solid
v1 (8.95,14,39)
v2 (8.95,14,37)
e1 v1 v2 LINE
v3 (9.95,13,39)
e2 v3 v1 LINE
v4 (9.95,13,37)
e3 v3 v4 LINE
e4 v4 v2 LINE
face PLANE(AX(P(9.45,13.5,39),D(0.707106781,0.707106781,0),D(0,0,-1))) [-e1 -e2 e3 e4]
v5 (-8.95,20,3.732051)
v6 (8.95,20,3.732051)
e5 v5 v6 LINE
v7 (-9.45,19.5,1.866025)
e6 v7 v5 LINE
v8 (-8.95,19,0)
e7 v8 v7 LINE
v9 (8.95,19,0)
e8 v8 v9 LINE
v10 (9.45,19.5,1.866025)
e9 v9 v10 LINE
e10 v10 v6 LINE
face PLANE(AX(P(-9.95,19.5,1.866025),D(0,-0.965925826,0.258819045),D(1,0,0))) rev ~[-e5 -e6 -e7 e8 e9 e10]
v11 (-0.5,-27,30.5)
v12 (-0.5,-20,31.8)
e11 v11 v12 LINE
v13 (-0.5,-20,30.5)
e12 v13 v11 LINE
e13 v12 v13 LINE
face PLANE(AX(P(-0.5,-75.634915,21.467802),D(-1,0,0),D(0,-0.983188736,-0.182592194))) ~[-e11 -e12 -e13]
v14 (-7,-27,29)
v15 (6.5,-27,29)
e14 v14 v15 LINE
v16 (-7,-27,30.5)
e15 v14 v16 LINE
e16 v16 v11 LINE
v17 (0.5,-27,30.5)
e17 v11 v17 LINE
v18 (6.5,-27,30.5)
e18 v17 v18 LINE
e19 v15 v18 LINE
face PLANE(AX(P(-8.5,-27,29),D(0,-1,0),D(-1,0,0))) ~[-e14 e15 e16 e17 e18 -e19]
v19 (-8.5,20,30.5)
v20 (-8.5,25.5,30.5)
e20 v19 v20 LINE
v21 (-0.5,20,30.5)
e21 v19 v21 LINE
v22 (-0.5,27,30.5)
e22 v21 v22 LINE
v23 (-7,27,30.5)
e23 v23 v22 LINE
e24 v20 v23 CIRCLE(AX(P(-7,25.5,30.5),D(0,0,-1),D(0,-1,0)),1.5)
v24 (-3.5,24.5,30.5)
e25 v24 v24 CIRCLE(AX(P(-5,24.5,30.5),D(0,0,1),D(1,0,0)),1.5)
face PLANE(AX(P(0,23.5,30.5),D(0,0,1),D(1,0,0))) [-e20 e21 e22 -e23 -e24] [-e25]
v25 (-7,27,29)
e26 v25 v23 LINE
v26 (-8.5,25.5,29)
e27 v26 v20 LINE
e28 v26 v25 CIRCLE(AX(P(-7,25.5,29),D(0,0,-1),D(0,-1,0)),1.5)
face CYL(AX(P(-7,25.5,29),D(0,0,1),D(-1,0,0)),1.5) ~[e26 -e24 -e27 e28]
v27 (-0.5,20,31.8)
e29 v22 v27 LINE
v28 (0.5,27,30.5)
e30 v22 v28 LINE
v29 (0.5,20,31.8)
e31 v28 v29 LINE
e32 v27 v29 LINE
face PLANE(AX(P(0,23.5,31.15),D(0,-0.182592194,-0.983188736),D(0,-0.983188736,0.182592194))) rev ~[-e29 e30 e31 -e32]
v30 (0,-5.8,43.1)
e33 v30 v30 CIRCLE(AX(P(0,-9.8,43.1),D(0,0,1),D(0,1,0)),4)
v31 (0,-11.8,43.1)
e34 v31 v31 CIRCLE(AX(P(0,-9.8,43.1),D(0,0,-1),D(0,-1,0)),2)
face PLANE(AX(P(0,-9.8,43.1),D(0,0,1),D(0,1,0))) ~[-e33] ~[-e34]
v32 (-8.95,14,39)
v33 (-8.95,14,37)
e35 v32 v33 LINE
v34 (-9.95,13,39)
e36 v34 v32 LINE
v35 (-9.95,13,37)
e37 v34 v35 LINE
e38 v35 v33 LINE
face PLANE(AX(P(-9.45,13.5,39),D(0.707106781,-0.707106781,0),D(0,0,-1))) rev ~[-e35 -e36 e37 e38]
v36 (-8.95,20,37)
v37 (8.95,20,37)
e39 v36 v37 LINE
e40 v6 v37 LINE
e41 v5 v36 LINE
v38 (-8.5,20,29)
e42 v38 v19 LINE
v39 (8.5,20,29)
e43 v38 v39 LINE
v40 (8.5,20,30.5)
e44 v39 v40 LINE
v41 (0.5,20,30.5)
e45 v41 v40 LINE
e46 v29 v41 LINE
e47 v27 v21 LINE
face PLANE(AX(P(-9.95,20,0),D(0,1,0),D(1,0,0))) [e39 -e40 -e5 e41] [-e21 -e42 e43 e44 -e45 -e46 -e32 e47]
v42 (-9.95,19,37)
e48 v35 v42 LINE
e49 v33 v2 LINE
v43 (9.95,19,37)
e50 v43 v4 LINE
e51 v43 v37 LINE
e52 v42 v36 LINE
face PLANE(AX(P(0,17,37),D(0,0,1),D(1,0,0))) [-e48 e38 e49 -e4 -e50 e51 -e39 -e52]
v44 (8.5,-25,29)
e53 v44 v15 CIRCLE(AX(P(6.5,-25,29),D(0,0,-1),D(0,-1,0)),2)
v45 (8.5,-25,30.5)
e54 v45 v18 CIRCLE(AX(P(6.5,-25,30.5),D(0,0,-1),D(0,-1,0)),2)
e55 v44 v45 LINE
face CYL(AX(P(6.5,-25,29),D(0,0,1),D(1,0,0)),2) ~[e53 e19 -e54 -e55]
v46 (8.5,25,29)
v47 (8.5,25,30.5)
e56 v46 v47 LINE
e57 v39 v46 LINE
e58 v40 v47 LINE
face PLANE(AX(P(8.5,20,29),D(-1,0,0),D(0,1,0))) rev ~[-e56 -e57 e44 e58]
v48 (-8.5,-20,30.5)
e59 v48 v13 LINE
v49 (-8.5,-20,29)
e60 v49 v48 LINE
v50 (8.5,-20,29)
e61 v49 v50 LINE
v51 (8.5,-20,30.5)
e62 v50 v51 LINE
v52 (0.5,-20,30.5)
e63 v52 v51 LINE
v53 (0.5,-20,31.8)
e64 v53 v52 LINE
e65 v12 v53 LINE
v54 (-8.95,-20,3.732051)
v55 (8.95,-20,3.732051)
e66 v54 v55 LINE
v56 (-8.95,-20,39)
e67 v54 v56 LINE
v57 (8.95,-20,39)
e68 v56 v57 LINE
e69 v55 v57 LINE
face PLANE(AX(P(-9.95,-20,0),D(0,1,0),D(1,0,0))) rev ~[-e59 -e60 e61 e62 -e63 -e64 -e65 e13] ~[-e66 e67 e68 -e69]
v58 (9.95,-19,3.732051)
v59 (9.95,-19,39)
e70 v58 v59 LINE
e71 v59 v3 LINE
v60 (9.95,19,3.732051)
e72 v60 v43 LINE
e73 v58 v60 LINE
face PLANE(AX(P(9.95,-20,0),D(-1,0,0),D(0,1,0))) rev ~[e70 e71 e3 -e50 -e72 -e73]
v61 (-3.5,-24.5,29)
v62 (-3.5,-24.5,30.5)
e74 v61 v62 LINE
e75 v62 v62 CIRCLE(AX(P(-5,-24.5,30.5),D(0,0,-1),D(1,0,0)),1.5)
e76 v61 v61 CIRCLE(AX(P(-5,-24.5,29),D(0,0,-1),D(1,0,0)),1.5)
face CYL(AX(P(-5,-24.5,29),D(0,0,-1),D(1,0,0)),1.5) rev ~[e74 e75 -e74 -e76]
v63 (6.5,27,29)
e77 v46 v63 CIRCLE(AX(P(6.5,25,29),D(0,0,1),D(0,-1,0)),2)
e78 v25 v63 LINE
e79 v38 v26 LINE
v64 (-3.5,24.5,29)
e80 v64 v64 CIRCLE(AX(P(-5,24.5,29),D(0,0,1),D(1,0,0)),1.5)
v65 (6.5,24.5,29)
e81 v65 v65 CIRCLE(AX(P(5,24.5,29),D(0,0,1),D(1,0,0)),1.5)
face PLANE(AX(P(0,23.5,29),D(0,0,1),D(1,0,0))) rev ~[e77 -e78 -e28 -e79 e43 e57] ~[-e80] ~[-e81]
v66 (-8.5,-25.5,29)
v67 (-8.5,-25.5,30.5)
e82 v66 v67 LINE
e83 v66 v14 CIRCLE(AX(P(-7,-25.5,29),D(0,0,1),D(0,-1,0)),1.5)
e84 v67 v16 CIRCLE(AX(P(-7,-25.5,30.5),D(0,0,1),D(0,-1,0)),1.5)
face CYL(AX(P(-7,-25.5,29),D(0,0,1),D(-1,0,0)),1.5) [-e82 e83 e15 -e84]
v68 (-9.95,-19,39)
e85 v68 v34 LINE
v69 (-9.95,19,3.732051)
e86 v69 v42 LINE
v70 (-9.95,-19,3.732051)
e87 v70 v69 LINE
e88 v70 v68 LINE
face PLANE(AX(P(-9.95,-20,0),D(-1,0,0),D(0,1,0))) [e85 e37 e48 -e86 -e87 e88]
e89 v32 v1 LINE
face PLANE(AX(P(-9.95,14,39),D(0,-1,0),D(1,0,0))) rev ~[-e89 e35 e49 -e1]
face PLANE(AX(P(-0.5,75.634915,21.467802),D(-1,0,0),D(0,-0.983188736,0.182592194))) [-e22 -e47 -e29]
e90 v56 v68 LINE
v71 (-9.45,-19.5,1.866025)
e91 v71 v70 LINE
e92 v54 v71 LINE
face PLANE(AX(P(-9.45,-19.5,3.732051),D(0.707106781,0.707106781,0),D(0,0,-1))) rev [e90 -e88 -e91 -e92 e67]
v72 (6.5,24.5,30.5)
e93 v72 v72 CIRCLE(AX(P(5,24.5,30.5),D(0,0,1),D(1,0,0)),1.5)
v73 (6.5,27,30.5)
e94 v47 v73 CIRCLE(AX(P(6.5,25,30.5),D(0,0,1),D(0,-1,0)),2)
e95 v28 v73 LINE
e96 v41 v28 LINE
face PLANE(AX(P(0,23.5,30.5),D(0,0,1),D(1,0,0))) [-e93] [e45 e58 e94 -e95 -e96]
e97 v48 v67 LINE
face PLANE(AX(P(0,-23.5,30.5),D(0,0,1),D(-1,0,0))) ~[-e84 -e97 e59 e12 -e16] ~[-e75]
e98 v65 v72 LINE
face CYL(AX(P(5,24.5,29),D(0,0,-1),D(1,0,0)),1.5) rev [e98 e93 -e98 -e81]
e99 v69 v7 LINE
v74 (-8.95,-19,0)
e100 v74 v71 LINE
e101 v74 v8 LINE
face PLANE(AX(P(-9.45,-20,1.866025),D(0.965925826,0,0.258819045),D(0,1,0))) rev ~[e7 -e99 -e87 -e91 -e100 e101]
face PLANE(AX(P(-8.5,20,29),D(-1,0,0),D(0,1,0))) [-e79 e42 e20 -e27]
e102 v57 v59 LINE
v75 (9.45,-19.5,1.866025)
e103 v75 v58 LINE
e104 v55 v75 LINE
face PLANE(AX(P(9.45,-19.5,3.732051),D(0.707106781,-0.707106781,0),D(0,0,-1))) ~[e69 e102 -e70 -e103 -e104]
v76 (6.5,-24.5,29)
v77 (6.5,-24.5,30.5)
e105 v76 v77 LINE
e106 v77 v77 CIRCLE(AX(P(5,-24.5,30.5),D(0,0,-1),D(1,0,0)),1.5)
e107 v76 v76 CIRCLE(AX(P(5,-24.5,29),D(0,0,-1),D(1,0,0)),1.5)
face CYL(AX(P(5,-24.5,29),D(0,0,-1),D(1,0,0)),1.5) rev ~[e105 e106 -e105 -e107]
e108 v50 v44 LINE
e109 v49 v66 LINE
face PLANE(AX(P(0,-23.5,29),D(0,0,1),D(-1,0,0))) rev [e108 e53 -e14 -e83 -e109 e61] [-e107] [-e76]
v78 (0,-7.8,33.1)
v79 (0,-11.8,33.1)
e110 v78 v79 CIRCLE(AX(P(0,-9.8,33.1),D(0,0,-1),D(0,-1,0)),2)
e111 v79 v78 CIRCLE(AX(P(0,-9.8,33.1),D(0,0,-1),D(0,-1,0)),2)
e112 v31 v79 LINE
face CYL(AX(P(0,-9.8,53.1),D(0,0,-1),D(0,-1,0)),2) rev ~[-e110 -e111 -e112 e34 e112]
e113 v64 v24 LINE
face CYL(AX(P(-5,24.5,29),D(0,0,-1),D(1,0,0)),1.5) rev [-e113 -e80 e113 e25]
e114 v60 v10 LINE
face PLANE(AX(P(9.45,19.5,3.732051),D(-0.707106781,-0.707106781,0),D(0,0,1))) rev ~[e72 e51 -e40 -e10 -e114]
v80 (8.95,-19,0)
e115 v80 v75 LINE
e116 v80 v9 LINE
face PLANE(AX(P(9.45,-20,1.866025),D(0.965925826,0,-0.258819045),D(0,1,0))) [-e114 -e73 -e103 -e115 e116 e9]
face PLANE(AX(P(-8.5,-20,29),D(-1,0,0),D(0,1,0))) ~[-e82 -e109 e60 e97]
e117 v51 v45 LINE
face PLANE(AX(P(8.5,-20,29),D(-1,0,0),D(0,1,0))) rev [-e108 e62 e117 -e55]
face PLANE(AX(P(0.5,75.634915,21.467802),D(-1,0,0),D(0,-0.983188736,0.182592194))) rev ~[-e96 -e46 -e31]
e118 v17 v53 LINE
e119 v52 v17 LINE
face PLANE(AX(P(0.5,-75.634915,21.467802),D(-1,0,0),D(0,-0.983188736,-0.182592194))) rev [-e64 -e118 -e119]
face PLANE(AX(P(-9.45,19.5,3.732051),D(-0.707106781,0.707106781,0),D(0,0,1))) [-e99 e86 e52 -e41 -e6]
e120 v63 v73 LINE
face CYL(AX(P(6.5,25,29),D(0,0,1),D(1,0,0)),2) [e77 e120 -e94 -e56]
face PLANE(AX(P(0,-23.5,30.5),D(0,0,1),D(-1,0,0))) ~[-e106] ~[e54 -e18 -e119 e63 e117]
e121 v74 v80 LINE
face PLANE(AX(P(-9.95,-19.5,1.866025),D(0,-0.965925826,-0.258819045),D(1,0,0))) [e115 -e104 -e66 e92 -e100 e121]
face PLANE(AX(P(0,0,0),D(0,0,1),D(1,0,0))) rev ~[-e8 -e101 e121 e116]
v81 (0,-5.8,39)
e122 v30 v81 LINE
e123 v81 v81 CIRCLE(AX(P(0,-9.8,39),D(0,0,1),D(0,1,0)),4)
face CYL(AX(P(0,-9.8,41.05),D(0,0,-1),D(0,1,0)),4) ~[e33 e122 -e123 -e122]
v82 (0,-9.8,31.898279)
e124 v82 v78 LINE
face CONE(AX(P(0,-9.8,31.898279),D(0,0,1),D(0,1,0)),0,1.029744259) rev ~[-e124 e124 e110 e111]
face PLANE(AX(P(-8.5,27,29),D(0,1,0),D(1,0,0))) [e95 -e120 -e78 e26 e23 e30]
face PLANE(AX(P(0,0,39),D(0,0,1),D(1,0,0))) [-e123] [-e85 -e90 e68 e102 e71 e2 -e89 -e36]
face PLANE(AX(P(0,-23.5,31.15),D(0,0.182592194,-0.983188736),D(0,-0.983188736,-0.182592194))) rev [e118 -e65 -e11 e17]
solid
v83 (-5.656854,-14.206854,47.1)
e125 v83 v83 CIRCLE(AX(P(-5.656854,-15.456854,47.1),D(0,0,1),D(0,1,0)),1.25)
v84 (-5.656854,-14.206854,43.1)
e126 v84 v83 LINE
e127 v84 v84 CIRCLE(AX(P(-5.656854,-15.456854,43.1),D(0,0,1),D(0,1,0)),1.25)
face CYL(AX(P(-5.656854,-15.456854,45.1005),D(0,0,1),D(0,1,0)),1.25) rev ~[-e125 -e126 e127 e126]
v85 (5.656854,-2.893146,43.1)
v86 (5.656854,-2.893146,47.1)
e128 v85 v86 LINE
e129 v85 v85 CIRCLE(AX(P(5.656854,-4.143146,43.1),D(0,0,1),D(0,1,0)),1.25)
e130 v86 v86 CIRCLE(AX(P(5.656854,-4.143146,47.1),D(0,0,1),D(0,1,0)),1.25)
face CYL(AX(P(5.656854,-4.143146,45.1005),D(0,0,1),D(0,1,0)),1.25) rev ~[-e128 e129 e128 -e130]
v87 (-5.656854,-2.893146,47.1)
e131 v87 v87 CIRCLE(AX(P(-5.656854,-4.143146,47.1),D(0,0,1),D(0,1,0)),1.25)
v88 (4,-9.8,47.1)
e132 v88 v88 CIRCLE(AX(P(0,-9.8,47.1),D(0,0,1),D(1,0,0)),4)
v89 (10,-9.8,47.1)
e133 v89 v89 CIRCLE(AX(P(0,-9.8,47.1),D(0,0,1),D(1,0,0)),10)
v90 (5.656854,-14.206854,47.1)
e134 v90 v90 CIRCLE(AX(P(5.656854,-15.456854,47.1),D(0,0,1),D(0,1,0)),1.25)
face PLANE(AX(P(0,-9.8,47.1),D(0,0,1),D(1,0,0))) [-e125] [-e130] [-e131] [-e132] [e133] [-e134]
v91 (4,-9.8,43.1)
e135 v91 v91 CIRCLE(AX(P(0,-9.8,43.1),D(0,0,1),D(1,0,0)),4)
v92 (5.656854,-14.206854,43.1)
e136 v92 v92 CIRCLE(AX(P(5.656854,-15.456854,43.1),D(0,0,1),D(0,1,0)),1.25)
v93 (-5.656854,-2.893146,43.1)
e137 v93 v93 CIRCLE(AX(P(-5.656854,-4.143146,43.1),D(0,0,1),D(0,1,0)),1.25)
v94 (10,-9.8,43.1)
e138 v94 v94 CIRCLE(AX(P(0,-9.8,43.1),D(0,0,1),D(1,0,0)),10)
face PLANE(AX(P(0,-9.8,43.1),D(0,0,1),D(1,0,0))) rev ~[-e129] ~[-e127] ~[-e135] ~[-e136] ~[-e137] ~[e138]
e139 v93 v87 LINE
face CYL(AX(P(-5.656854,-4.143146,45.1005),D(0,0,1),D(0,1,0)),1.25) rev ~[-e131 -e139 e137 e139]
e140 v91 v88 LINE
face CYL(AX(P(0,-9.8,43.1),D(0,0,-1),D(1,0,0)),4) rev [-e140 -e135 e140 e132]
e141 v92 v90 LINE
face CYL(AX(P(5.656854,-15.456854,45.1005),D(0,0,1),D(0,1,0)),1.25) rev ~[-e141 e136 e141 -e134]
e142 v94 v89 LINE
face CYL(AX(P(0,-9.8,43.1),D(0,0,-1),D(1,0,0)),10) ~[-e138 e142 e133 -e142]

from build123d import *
from OCP.BRepFilletAPI import BRepFilletAPI_MakeFillet

# Parameters (mm, degrees)
SKETCH_1_W                  = 19.9
SKETCH_1_H                  = 40
EXTRUDE_1_DEPTH             = 39
CHAMFER_1_SIZE              = 1
CHAMFER_1_SIZE2             = 3.732050808
SKETCH_2_W                  = 19.9
SKETCH_2_H                  = 6
CUT_EXTRUDE_1_DEPTH         = 2
SKETCH_4_W                  = 17
SKETCH_4_H                  = 7
SKETCH_4_R                  = 1.5
EXTRUDE_2_DEPTH             = 1.5
RIB_1_REACH                 = 50.467
SKETCH_5_WALL_W             = 106.052709114
SKETCH_5_WALL_H             = 1
FILLET_1_R1                 = 2
FILLET_1_R2                 = 1.5
FILLET_1_OF_MIRROR_1_R1     = 2
FILLET_1_OF_MIRROR_1_R2     = 1.5
SKETCH_7_W                  = 4.1
SKETCH_7_H                  = 4
MM_1_D                      = 4
MM_1_DEPTH                  = 10
MM_1_TIP                    = 1.201721238
CHAMFER_2_SIZE              = 1
EXTRUDE_START               = 4
SKETCH_13_R                 = 10
SKETCH_13_R_2               = 4
EXTRUDE_3_DEPTH             = 4
SKETCH_15_W                 = 1.25
SKETCH_15_H                 = 4.001
HOLE_WIZARD_M3_1_AT_2_COUNT = 2
HOLE_WIZARD_M3_1_AT_2_PITCH = 11.313708499
HOLE_WIZARD_M3_1_AT_3_COUNT = 2
HOLE_WIZARD_M3_1_AT_3_PITCH = 16
HOLE_WIZARD_M3_1_AT_4_COUNT = 2
HOLE_WIZARD_M3_1_AT_4_PITCH = 11.313708499


with BuildPart() as part:
    # 草图1 → 凸台-拉伸1 (new body)
    with BuildSketch(Plane.XY):
        Rectangle(SKETCH_1_W, SKETCH_1_H)
    extrude(amount=EXTRUDE_1_DEPTH)

    # 倒角1
    chamfer_1_edges = [part.edges().sort_by_distance(p)[0] for p in [
        (9.95, 0, 0),
        (0, -20, 0),
        (-9.95, 0, 0),
        (0, 20, 0),
    ]]
    chamfer_1_side = [part.faces().sort_by_distance(p)[0] for p in [
        (0, 0, 0),
    ]]
    chamfer(chamfer_1_edges, length=CHAMFER_1_SIZE, length2=CHAMFER_1_SIZE2, reference=chamfer_1_side[0])

    # 草图2 → 切除-拉伸1 (cut)
    with BuildSketch(Plane.XY.offset(39)):
        with Locations((0, 17)):
            Rectangle(SKETCH_2_W, SKETCH_2_H)
    extrude(amount=-CUT_EXTRUDE_1_DEPTH, mode=Mode.SUBTRACT)

    # 草图4 → 凸台-拉伸2 (add)
    with BuildSketch(Plane.XY.offset(29)):
        with Locations((0, 23.5)):
            Rectangle(SKETCH_4_W, SKETCH_4_H)
        with Locations((-5, 24.5)):
            Circle(SKETCH_4_R, mode=Mode.SUBTRACT)
        with Locations((5, 24.5)):
            Circle(SKETCH_4_R, mode=Mode.SUBTRACT)
    extrude_2 = extrude(amount=EXTRUDE_2_DEPTH)

    # 草图5 wall → 筋1 (add, up to next)
    with BuildSketch(Plane(origin=(0, 23.5, 31.15), x_dir=(0, -0.983188736076, 0.182592193843), z_dir=(0, -0.182592193843, -0.983188736076)), mode=Mode.PRIVATE) as rib_1_sk1:
        Rectangle(SKETCH_5_WALL_W, SKETCH_5_WALL_H)
    rib_1_tool1 = extrude(rib_1_sk1.sketch, amount=RIB_1_REACH, mode=Mode.PRIVATE) - part.part
    rib_1 = rib_1_tool1.solids().sort_by_distance((0, 23.5, 31.15))[0]
    add(rib_1)

    # 圆角1: one fillet with a radius per group of edges: ONE call of the kernel's fillet builder (fillet() takes one radius for all edges)
    fillet_1_edges_1 = [part.edges().sort_by_distance(p)[0] for p in [
        (8.5, 27, 29.75),
    ]]
    fillet_1_edges_2 = [part.edges().sort_by_distance(p)[0] for p in [
        (-8.5, 27, 29.75),
    ]]
    fillet_1 = BRepFilletAPI_MakeFillet(part.part.solid().wrapped)
    for e in fillet_1_edges_1:
        fillet_1.Add(FILLET_1_R1, e.wrapped)
    for e in fillet_1_edges_2:
        fillet_1.Add(FILLET_1_R2, e.wrapped)
    add(Compound.cast(fillet_1.Shape()), mode=Mode.REPLACE)

    # 镜向1: 凸台-拉伸2, 筋1 across plane
    add(extrude_2.mirror(Plane.ZX))
    add(rib_1.mirror(Plane.ZX))

    # 圆角1 of 镜向1: one fillet with a radius per group of edges: ONE call of the kernel's fillet builder (fillet() takes one radius for all edges)
    fillet_1_of_mirror_1_edges_1 = [part.edges().sort_by_distance(p)[0] for p in [
        (8.5, -27, 29.75),
    ]]
    fillet_1_of_mirror_1_edges_2 = [part.edges().sort_by_distance(p)[0] for p in [
        (-8.5, -27, 29.75),
    ]]
    fillet_1_of_mirror_1 = BRepFilletAPI_MakeFillet(part.part.solid().wrapped)
    for e in fillet_1_of_mirror_1_edges_1:
        fillet_1_of_mirror_1.Add(FILLET_1_OF_MIRROR_1_R1, e.wrapped)
    for e in fillet_1_of_mirror_1_edges_2:
        fillet_1_of_mirror_1.Add(FILLET_1_OF_MIRROR_1_R2, e.wrapped)
    add(Compound.cast(fillet_1_of_mirror_1.Shape()), mode=Mode.REPLACE)

    # 草图7 → 旋转2 (revolve)
    with BuildSketch(Plane(origin=(0, 0, 0), x_dir=(0, 0, -1), z_dir=(1, 0, 0))):
        with Locations((-41.05, -7.8)):
            Rectangle(SKETCH_7_W, SKETCH_7_H)
    revolve(axis=Axis((0, -9.8, 39), (0, 0, 1)))

    # 大小mm 暗销孔1
    with Locations(Plane(origin=(0, -9.8, 43.1), x_dir=(0, 1, 0), z_dir=(0, 0, 1))):
        with Locations((0, 0)):
            Hole(MM_1_D / 2, depth=MM_1_DEPTH)
            with Locations((0, 0, -(MM_1_DEPTH + MM_1_TIP / 2))):  # 118° drill point
                Cone(0, MM_1_D / 2, MM_1_TIP, mode=Mode.SUBTRACT)

    # 倒角2
    chamfer_2_edges = [part.edges().sort_by_distance(p)[0] for p in [
        (9.95, 14, 38),
        (-9.95, 14, 38),
        (9.95, -20, 21.366025404),
        (9.95, 20, 20.366025404),
        (-9.95, -20, 21.366025404),
        (-9.95, 20, 20.366025404),
    ]]
    chamfer(chamfer_2_edges, length=CHAMFER_2_SIZE)


with BuildPart() as body_2:
    # 草图13 → 凸台-拉伸3 (new body)
    with BuildSketch(Plane.XY.offset(43.1).offset(EXTRUDE_START)):
        with Locations((0, -9.8)):
            Circle(SKETCH_13_R)
        with Locations((0, -9.8)):
            Circle(SKETCH_13_R_2, mode=Mode.SUBTRACT)
    extrude(amount=-EXTRUDE_3_DEPTH)

    # 草图15 → M3 螺纹孔的螺纹孔钻头1 (revolve, cut)
    with BuildSketch(Plane(origin=(5.656854249, -4.143145751, 43.1), x_dir=(0, 1, 0), z_dir=(1, 0, 0))):
        with Locations((0.625, 2.0005)):
            Rectangle(SKETCH_15_W, SKETCH_15_H)
    hole_wizard_m3_1 = revolve(axis=Axis((5.656854249, -4.143145751, 36.75), (0, 0, 1)), mode=Mode.SUBTRACT)

    # M3 螺纹孔的螺纹孔钻头1 at 2: M3 螺纹孔的螺纹孔钻头1 ×2
    with Locations(*[(0, -i * HOLE_WIZARD_M3_1_AT_2_PITCH, 0) for i in range(1, HOLE_WIZARD_M3_1_AT_2_COUNT)]):
        add(hole_wizard_m3_1, mode=Mode.SUBTRACT)

    # M3 螺纹孔的螺纹孔钻头1 at 3: M3 螺纹孔的螺纹孔钻头1 ×2
    with Locations(*[Vector(-0.7071067811865476, -0.7071067811865476, 0) * (i * HOLE_WIZARD_M3_1_AT_3_PITCH) for i in range(1, HOLE_WIZARD_M3_1_AT_3_COUNT)]):
        add(hole_wizard_m3_1, mode=Mode.SUBTRACT)

    # M3 螺纹孔的螺纹孔钻头1 at 4: M3 螺纹孔的螺纹孔钻头1 ×2
    with Locations(*[(-i * HOLE_WIZARD_M3_1_AT_4_PITCH, 0, 0) for i in range(1, HOLE_WIZARD_M3_1_AT_4_COUNT)]):
        add(hole_wizard_m3_1, mode=Mode.SUBTRACT)


solid = Compound([part.part, body_2.part])
